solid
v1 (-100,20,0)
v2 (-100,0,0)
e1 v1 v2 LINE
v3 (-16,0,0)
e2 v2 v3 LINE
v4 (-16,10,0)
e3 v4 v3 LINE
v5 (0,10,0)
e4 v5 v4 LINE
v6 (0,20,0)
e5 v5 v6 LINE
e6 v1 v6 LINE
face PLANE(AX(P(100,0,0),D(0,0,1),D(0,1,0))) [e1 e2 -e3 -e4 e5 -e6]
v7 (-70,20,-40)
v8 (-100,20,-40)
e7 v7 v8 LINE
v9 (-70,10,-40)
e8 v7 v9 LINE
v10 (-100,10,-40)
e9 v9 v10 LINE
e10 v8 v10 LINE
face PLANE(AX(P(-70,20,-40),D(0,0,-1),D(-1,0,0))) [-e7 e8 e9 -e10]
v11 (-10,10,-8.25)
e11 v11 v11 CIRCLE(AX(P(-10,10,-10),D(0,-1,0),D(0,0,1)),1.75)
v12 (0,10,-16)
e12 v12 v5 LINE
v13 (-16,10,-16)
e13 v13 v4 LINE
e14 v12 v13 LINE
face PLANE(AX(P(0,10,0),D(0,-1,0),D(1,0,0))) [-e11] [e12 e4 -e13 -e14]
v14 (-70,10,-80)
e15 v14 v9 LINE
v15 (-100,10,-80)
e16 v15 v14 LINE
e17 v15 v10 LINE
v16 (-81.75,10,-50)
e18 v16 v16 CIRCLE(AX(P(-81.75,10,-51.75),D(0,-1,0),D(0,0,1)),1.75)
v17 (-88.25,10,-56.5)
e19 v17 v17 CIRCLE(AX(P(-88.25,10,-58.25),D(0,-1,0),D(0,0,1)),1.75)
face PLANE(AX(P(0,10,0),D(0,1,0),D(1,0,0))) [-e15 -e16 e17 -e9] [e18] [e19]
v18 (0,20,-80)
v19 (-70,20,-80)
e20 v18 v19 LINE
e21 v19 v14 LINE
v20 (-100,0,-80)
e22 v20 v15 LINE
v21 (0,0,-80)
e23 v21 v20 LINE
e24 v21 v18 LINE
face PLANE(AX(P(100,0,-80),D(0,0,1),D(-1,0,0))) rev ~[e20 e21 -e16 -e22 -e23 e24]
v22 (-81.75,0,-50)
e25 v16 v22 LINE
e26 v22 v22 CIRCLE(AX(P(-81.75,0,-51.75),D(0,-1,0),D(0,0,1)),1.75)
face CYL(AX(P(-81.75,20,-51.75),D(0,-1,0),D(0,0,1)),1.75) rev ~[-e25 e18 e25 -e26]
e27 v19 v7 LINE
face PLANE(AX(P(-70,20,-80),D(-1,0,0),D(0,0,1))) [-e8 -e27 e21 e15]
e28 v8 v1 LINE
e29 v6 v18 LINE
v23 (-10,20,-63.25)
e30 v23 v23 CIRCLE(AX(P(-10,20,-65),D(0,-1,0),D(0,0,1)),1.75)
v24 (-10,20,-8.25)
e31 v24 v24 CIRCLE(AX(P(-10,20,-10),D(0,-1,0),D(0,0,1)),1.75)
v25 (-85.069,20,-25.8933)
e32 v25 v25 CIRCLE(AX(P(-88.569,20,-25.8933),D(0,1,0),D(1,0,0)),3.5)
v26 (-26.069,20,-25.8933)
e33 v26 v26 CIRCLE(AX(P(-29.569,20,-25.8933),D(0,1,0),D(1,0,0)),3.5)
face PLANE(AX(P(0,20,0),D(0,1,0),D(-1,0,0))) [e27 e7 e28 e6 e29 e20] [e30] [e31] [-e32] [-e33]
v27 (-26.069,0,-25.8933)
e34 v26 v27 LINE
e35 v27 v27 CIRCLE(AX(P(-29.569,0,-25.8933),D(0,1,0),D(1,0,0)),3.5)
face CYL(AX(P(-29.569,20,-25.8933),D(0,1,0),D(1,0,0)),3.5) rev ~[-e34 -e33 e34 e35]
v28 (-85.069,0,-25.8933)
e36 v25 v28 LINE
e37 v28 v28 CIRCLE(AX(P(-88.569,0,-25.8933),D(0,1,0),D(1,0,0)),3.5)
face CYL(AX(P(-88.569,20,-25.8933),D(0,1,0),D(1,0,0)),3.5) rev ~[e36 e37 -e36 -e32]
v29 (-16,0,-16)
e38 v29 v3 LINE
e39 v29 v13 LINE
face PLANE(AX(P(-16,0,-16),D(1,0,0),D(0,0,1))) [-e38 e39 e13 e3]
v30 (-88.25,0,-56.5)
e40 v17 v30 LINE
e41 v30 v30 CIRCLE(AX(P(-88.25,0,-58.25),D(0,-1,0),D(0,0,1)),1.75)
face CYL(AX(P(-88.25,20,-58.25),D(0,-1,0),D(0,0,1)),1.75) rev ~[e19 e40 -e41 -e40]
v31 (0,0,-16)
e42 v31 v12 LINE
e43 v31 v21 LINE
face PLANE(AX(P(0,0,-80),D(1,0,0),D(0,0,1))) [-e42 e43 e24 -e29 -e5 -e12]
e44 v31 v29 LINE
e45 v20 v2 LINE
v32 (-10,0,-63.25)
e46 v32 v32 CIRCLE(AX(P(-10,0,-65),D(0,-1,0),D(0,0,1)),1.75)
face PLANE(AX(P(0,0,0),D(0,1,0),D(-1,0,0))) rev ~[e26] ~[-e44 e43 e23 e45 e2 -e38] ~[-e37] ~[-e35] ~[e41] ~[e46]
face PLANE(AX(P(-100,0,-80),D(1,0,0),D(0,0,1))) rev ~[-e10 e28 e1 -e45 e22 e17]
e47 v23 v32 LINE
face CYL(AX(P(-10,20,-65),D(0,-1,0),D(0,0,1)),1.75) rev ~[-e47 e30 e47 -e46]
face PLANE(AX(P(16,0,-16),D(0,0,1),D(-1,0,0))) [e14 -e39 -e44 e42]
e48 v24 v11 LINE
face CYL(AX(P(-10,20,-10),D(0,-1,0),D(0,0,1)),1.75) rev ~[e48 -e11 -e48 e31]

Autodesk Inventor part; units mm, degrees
ref_plane "YZ Plane" through (0, 0, 0) normal (1, 0, 0) x (0, 1, 0)
ref_plane "XZ Plane" through (0, 0, 0) normal (0, 1, 0) x (-1, 0, 0)
ref_plane "XY Plane" through (0, 0, 0) normal (0, 0, 1) x (1, 0, 0)
sketch "Boceto1" plane through (0, 0, 0) normal (0, 1, 0) x (-1, 0, 0)
  line L0 (100, 80) -> (-100, 80)
  line L1 (-100, 80) -> (-100, -80)
  line L2 (-100, -80) -> (100, -80)
  line L3 (100, -80) -> (100, 80)
  line L4 (100, 80) -> (-100, -80) construction
  line L5 (-100, 80) -> (100, -80) construction
  point P0 (0, 0)
  dimension "d0" = 200
  dimension "d1" = 160
extrude "Extrusión1" add sketch "Boceto1" along normal blind 20
sketch "Boceto2" plane through (0, 20, 0) normal (0, 1, 0) x (1, 0, 0)
  line L0 (-100, 80) -> (-100, -80) projected
  line L1 (-100, 80) -> (-70, 80)
  line L2 (-70, 80) -> (-70, 40)
  line L3 (-70, 40) -> (-100, 40)
  line L4 (-100, 40) -> (-100, 80)
  line L5 (100, 80) -> (-100, 80) projected
  line L6 (0, 80) -> (0, 40)
  line L7 (100, 80) -> (70, 80)
  line L8 (70, 80) -> (70, 40)
  line L9 (70, 40) -> (100, 40)
  line L10 (100, 40) -> (100, 80)
  point P0 (0, 0)
  dimension "d4" = 30
  dimension "d5" = 40
extrude "Extrusión2" cut sketch "Boceto2" against normal blind 10
sketch "Boceto3" plane through (0, 20, 0) normal (0, 1, 0) x (1, 0, 0)
  line L0 (-70, 80) -> (-70, 40) projected
  line L1 (-70, 80.0001) -> (-70, 40)
  line L2 (-70, 40) -> (-100, 40) projected
  line L3 (-100, 40) -> (-100, 80.0001)
  line L4 (-100, 40) -> (-70, 40)
  line L5 (-70, 40) -> (-70, 80)
  line L6 (-70, 80) -> (-100, 80)
  line L7 (-100, 80) -> (-100, 40)
  circle A0 centre (-88.25, 58.25) radius 1.75
  circle A1 centre (-81.75, 51.75) radius 1.75
  line L8 (100, 80) -> (-100, 80) projected
  line L9 (0, 80) -> (0, 56.5)
  circle A2 centre (88.25, 58.25) radius 1.75
  circle A3 centre (81.75, 51.75) radius 1.75
  point P0 (0, 0)
  point P1 (-64.3507, 80)
  point P2 (-74.3507, 0)
  point P3 (-85, 80)
  dimension "d23" = 21.75
  dimension "d24" = 11.75
  dimension "d26" = 11.75
hole "Agujero1" at (-81.75, 20, -51.75) at (-88.25, 20, -58.25) at (81.75, 20, -51.75) at (88.25, 20, -58.25) direction (0, -1, 0) diameter 3.5 end through all
sketch "Boceto4" plane through (-100, 0, 80) normal (0, 0, 1) x (1, 0, 0)
  line L0 (30, 20) -> (60, 20)
  line L1 (60, 20) -> (60, 10)
  line L2 (60, 10) -> (30, 10)
  line L3 (30, 10) -> (30, 20)
  line L4 (0, 0) -> (0, 20) projected
  line L5 (100, 0) -> (100, 10)
  line L6 (170, 20) -> (140, 20)
  line L7 (140, 20) -> (140, 10)
  line L8 (140, 10) -> (170, 10)
  line L9 (170, 10) -> (170, 20)
  dimension "d34" = 30
  dimension "d35" = 10
  dimension "d36" = 30
extrude "Extrusión3" add sketch "Boceto4" along normal blind 40
sketch "Boceto5" plane through (0, 20, 0) normal (0, 1, 0) x (1, 0, 0)
  line L0 (59.9999, -50) -> (69.9999, -50)
  line L1 (49.9999, -101.75) -> (49.9999, -79.9497)
  line L2 (59.9999, -108.25) -> (59.9999, -50)
  line L3 (40, -80) -> (69.9999, -80)
  line L4 (49.9999, -79.9497) -> (40, -80)
  circle A0 centre (51.7499, -101.75) radius 1.75
  circle A1 centre (58.2499, -108.25) radius 1.75
  line L5 (69.9999, -80) -> (69.9999, -120)
  line L6 (40, -120) -> (40, -80)
  line L7 (69.9999, -120) -> (40, -120)
  line L8 (0, -50) -> (0, -71.75)
  line L9 (-40, -120) -> (-40, -80)
  line L10 (-49.9999, -101.75) -> (-49.9999, -79.9497)
  circle A2 centre (-51.7499, -101.75) radius 1.75
  circle A3 centre (-58.2499, -108.25) radius 1.75
  line L11 (-40, -80) -> (-69.9999, -80)
  line L12 (-69.9999, -120) -> (-40, -120)
  line L13 (-69.9999, -80) -> (-69.9999, -120)
  line L14 (-59.9999, -108.25) -> (-59.9999, -50)
  line L15 (-40, -120) -> (-69.9999, -120)
  line L16 (-69.9999, -80) -> (-69.9999, -120)
  line L17 (-40, -120) -> (-70, -120) projected
  line L18 (-40, -80) -> (-40, -120) projected
  line L19 (-59.9999, -110) -> (-49.9999, -110)
  line L20 (-49.9999, -110) -> (-49.9999, -100)
  line L21 (-49.9999, -100) -> (-59.9999, -100)
  line L22 (-59.9999, -100) -> (-59.9999, -110)
  line L23 (-100, 40) -> (-100, -80) projected
  point P0 (0, 0)
  point P1 (-56.75, -68.25)
  point P2 (-63.25, -61.75)
  point P3 (63.25, -61.75)
  point P4 (56.75, -68.25)
  dimension "d45" = 3.5
  dimension "d46" = 3.5
  dimension "d39" = 10
  dimension "d40" = 10
  dimension "d41" = 40
  dimension "d42" = 0
  dimension "d43" = 6.5
  dimension "d44" = 6.5
  dimension "d47" = 11.7499
  dimension "d48" = 11.75
  dimension "d49" = 0
  dimension "d50" = 11.75
  dimension "d51" = 0
  dimension "d97" = 40.0001
hole "Agujero2" at (-58.2499, 20, 108.25) at (-51.7499, 20, 101.75) at (51.7499, 20, 101.75) at (58.2499, 20, 108.25) direction (0, -1, 0) diameter 3.5 end through all
sketch "Boceto6" plane through (0, 20, 0) normal (0, 1, 0) x (1, 0, 0)
  circle A0 centre (-60.569, -13.1067) radius 10
  circle A1 centre (-29.569, -59.1067) radius 3.5
  line L0 (-60.569, -13.1067) -> (-39.0083, -13.1067)
  circle A2 centre (-29.569, 25.8933) radius 3.5
  circle A3 centre (-88.569, 25.8933) radius 3.5
  circle A4 centre (-88.569, -59.1067) radius 3.5
  line L1 (70.4544, -63.0517) -> (18.4544, -63.0517)
  line L2 (18.4544, -63.0517) -> (18.4544, 6.9483)
  line L3 (18.4544, 6.9483) -> (70.4544, 6.9483)
  line L4 (70.4544, 6.9483) -> (70.4544, -63.0517)
  line L5 (70.4544, 6.9483) -> (48.4544, 6.9483)
  line L6 (48.4544, 6.9483) -> (48.4544, 48.9483)
  line L7 (48.4544, 48.9483) -> (70.4544, 48.9483)
  line L8 (70.4544, 48.9483) -> (70.4544, 6.9483)
  line L9 (77.2288, -8.158) -> (77.2281, -5.6604)
  circle A5 centre (63.7706, -5.7606) radius 1.75
  line L10 (70.7641, -24.1464) -> (70.7641, 22.2796)
  circle A6 centre (35.8307, -5.7609) radius 1.75
  line L11 (25.1581, -13.2381) -> (25.1581, -10.7404)
  circle A7 centre (68.8507, -57.8309) radius 1.75
  line L12 (26.4277, 35.0051) -> (26.4277, 37.5029)
  circle A8 centre (20.6074, -56.5614) radius 1.75
  line L13 (18.6941, -55.9176) -> (70.7641, -55.9176)
  line L14 (18.6941, -55.9176) -> (18.6941, -7.6743)
  line L15 (44.7291, -55.9176) -> (44.7291, -31.7959)
  line L16 (63.7706, -28.0517) -> (26.4277, -28.0517)
  line L17 (44.7291, -23.5247) -> (44.7291, -31.7959)
  point P0 (0, 0)
  point P1 (-60.569, -16.6067)
  point P2 (45.425, 12.8886)
  point P3 (44.7291, -28.0517)
  dimension "d59" = 7
  dimension "d60" = 7
  dimension "d61" = 7
  dimension "d62" = 39
  dimension "d63" = 46
  dimension "d64" = 59
  dimension "d65" = 46
  dimension "d66" = 39
  dimension "d67" = 59
  dimension "d68" = 52
  dimension "d69" = 70
  dimension "d70" = 22
  dimension "d71" = 42
  dimension "d72" = 3.5
  dimension "d73" = 3.5
  dimension "d74" = 3.5
  dimension "d75" = 3.5
  dimension "d142" = 17.3763
  dimension "d143" = 12.7092
  dimension "d144" = 6.6837
  dimension "d145" = 12.7089
  dimension "d146" = 5.2208
  dimension "d147" = 1.6037
  dimension "d148" = 2.1531
  dimension "d149" = 6.4903
hole "Agujero3" at (68.8507, 20, 57.8309) at (20.6074, 20, 56.5614) at (63.7706, 20, 5.7606) at (35.8307, 20, 5.7609) direction (0, -1, 0) diameter 3.5 end through all
sketch "Boceto7" plane through (0, 20, 0) normal (0, 1, 0) x (1, 0, 0)
  circle A0 centre (-60.569, -13.1067) radius 10
  circle A1 centre (-29.569, -59.1067) radius 3.5
  line L0 (-60.569, -13.1067) -> (-39.0083, -13.1067)
  circle A2 centre (-29.569, 25.8933) radius 3.5
  circle A3 centre (-88.569, 25.8933) radius 3.5
  circle A4 centre (-88.569, -59.1067) radius 3.5
  point P0 (0, 0)
  point P1 (-60.569, -16.6067)
  dimension "d83" = 7
  dimension "d84" = 7
  dimension "d85" = 7
  dimension "d86" = 39
  dimension "d87" = 46
  dimension "d88" = 59
  dimension "d89" = 46
  dimension "d90" = 39
  dimension "d91" = 59
extrude "Extrusión4" cut sketch "Boceto7" against normal blind 20
ref_plane "Plano de trabajo1" through (0, 0, -80) normal (-1, 0, 0) x (0, 0, 1)
ref_plane "Plano de trabajo2" through (100, 0, 0) normal (0, 0, -1) x (-1, 0, 0)
sketch "Boceto8" plane through (0, 20, 0) normal (0, 1, 0) x (1, 0, 0)
  line L0 (80, -15) -> (90, -15)
  circle A0 centre (85, -10) radius 1.75
  line L1 (85, 10) -> (85, -10)
  line L2 (90, -15) -> (90, 15)
  circle A1 centre (85, 10) radius 1.75
  line L3 (80, 15) -> (80, -15)
  line L4 (90, 15) -> (80, -15) construction
  line L5 (80, 15) -> (90, -15) construction
  line L6 (90, 15) -> (80, 15)
  line L7 (100, -80) -> (100, 40) projected
  line L8 (0, 0) -> (20, -20)
  line L9 (0, 0) -> (28.2843, 0) construction
  line L10 (15, -60) -> (15, -70)
  circle A2 centre (10, -65) radius 1.75
  line L11 (-10, -65) -> (10, -65)
  line L12 (15, -70) -> (-15, -70)
  circle A3 centre (-10, -65) radius 1.75
  line L13 (-15, -60) -> (15, -60)
  line L14 (-15, -70) -> (15, -60) construction
  line L15 (-15, -60) -> (15, -70) construction
  line L16 (-15, -70) -> (-15, -60)
  line L17 (0, 0) -> (18.6615, 18.6615)
  line L18 (0, 0) -> (26.3913, 0) construction
  line L19 (-15, 60) -> (-15, 70)
  circle A4 centre (-10, 65) radius 1.75
  line L20 (10, 65) -> (-10, 65)
  line L21 (-15, 70) -> (15, 70)
  circle A5 centre (10, 65) radius 1.75
  line L22 (15, 60) -> (-15, 60)
  line L23 (15, 70) -> (-15, 60) construction
  line L24 (15, 60) -> (-15, 70) construction
  line L25 (15, 70) -> (15, 60)
  line L26 (70, 80) -> (-70, 80) projected
  line L27 (-40, -80) -> (40, -80) projected
  point P0 (86.9608, 0)
  point P1 (86.9608, 0)
  point P2 (85, 15)
  point P3 (0, -69.1269)
  point P4 (0, -69.1269)
  point P5 (-15, -67.1661)
  point P6 (0, 69.7066)
  point P7 (0, 69.7066)
  point P8 (15, 67.7458)
  point P9 (-15, 65)
  point P10 (15, -65)
  dimension "d98" = 10
  dimension "d99" = 30
  dimension "d100" = 10
  dimension "d101" = 5
  dimension "d102" = 5
  dimension "d103" = 5
  dimension "d104" = 5
  dimension "d105" = 45
  dimension "d106" = 45
  dimension "d107" = 10
  dimension "d108" = 10
  dimension "d109" = 30
  dimension "d110" = 5
  dimension "d111" = 5
  dimension "d112" = 5
  dimension "d113" = 5
  dimension "d114" = 10
  dimension "d115" = 30
  dimension "d116" = 5
  dimension "d117" = 5
  dimension "d118" = 5
  dimension "d119" = 5
  dimension "d120" = 10
hole "Agujero4" at (-10, 20, -65) at (10, 20, -65) at (85, 20, -10) at (85, 20, 10) at (10, 20, 65) at (-10, 20, 65) direction (0, -1, 0) diameter 3.5 end through all
sketch "Boceto9" plane through (0, 20, 0) normal (0, 1, 0) x (1, 0, 0)
  circle A0 centre (10, -10) radius 1.75
  line L0 (6.803, 0) -> (14.6069, 0)
  line L1 (0, 0) -> (0, -4.8284)
  line L2 (0, 0) -> (20.0354, 0)
  circle A1 centre (10, 10) radius 1.75
  line L3 (0, 0) -> (0, 4.8284)
  circle A2 centre (-10, 10) radius 1.75
  circle A3 centre (-10, -10) radius 1.75
  dimension "d128" = 3.5
  dimension "d129" = 10
  dimension "d130" = 10
hole "Agujero5" at (-10, 20, 10) at (-10, 20, -10) at (10, 20, -10) at (10, 20, 10) direction (0, -1, 0) diameter 3.5 end through all
sketch "Boceto10" plane through (0, 0, 0) normal (0, -1, 0) x (1, 0, 0)
  line L0 (-16, 16) -> (16, 16)
  line L1 (16, 16) -> (16, -16)
  line L2 (16, -16) -> (-16, -16)
  line L3 (-16, -16) -> (-16, 16)
  line L4 (-16, 16) -> (16, -16) construction
  line L5 (16, 16) -> (-16, -16) construction
  point P0 (0, 0)
  point P1 (0, 0)
  dimension "d138" = 32
  dimension "d139" = 32
extrude "Extrusión5" cut sketch "Boceto10" against normal blind 10
split "Dividir1" plane through (100, 0, 0) removes the side toward (0, 0, 1)
split "Dividir2" plane through (0, 0, -80) removes the side toward (1, 0, 0)
properties part number "base_mid_1"
